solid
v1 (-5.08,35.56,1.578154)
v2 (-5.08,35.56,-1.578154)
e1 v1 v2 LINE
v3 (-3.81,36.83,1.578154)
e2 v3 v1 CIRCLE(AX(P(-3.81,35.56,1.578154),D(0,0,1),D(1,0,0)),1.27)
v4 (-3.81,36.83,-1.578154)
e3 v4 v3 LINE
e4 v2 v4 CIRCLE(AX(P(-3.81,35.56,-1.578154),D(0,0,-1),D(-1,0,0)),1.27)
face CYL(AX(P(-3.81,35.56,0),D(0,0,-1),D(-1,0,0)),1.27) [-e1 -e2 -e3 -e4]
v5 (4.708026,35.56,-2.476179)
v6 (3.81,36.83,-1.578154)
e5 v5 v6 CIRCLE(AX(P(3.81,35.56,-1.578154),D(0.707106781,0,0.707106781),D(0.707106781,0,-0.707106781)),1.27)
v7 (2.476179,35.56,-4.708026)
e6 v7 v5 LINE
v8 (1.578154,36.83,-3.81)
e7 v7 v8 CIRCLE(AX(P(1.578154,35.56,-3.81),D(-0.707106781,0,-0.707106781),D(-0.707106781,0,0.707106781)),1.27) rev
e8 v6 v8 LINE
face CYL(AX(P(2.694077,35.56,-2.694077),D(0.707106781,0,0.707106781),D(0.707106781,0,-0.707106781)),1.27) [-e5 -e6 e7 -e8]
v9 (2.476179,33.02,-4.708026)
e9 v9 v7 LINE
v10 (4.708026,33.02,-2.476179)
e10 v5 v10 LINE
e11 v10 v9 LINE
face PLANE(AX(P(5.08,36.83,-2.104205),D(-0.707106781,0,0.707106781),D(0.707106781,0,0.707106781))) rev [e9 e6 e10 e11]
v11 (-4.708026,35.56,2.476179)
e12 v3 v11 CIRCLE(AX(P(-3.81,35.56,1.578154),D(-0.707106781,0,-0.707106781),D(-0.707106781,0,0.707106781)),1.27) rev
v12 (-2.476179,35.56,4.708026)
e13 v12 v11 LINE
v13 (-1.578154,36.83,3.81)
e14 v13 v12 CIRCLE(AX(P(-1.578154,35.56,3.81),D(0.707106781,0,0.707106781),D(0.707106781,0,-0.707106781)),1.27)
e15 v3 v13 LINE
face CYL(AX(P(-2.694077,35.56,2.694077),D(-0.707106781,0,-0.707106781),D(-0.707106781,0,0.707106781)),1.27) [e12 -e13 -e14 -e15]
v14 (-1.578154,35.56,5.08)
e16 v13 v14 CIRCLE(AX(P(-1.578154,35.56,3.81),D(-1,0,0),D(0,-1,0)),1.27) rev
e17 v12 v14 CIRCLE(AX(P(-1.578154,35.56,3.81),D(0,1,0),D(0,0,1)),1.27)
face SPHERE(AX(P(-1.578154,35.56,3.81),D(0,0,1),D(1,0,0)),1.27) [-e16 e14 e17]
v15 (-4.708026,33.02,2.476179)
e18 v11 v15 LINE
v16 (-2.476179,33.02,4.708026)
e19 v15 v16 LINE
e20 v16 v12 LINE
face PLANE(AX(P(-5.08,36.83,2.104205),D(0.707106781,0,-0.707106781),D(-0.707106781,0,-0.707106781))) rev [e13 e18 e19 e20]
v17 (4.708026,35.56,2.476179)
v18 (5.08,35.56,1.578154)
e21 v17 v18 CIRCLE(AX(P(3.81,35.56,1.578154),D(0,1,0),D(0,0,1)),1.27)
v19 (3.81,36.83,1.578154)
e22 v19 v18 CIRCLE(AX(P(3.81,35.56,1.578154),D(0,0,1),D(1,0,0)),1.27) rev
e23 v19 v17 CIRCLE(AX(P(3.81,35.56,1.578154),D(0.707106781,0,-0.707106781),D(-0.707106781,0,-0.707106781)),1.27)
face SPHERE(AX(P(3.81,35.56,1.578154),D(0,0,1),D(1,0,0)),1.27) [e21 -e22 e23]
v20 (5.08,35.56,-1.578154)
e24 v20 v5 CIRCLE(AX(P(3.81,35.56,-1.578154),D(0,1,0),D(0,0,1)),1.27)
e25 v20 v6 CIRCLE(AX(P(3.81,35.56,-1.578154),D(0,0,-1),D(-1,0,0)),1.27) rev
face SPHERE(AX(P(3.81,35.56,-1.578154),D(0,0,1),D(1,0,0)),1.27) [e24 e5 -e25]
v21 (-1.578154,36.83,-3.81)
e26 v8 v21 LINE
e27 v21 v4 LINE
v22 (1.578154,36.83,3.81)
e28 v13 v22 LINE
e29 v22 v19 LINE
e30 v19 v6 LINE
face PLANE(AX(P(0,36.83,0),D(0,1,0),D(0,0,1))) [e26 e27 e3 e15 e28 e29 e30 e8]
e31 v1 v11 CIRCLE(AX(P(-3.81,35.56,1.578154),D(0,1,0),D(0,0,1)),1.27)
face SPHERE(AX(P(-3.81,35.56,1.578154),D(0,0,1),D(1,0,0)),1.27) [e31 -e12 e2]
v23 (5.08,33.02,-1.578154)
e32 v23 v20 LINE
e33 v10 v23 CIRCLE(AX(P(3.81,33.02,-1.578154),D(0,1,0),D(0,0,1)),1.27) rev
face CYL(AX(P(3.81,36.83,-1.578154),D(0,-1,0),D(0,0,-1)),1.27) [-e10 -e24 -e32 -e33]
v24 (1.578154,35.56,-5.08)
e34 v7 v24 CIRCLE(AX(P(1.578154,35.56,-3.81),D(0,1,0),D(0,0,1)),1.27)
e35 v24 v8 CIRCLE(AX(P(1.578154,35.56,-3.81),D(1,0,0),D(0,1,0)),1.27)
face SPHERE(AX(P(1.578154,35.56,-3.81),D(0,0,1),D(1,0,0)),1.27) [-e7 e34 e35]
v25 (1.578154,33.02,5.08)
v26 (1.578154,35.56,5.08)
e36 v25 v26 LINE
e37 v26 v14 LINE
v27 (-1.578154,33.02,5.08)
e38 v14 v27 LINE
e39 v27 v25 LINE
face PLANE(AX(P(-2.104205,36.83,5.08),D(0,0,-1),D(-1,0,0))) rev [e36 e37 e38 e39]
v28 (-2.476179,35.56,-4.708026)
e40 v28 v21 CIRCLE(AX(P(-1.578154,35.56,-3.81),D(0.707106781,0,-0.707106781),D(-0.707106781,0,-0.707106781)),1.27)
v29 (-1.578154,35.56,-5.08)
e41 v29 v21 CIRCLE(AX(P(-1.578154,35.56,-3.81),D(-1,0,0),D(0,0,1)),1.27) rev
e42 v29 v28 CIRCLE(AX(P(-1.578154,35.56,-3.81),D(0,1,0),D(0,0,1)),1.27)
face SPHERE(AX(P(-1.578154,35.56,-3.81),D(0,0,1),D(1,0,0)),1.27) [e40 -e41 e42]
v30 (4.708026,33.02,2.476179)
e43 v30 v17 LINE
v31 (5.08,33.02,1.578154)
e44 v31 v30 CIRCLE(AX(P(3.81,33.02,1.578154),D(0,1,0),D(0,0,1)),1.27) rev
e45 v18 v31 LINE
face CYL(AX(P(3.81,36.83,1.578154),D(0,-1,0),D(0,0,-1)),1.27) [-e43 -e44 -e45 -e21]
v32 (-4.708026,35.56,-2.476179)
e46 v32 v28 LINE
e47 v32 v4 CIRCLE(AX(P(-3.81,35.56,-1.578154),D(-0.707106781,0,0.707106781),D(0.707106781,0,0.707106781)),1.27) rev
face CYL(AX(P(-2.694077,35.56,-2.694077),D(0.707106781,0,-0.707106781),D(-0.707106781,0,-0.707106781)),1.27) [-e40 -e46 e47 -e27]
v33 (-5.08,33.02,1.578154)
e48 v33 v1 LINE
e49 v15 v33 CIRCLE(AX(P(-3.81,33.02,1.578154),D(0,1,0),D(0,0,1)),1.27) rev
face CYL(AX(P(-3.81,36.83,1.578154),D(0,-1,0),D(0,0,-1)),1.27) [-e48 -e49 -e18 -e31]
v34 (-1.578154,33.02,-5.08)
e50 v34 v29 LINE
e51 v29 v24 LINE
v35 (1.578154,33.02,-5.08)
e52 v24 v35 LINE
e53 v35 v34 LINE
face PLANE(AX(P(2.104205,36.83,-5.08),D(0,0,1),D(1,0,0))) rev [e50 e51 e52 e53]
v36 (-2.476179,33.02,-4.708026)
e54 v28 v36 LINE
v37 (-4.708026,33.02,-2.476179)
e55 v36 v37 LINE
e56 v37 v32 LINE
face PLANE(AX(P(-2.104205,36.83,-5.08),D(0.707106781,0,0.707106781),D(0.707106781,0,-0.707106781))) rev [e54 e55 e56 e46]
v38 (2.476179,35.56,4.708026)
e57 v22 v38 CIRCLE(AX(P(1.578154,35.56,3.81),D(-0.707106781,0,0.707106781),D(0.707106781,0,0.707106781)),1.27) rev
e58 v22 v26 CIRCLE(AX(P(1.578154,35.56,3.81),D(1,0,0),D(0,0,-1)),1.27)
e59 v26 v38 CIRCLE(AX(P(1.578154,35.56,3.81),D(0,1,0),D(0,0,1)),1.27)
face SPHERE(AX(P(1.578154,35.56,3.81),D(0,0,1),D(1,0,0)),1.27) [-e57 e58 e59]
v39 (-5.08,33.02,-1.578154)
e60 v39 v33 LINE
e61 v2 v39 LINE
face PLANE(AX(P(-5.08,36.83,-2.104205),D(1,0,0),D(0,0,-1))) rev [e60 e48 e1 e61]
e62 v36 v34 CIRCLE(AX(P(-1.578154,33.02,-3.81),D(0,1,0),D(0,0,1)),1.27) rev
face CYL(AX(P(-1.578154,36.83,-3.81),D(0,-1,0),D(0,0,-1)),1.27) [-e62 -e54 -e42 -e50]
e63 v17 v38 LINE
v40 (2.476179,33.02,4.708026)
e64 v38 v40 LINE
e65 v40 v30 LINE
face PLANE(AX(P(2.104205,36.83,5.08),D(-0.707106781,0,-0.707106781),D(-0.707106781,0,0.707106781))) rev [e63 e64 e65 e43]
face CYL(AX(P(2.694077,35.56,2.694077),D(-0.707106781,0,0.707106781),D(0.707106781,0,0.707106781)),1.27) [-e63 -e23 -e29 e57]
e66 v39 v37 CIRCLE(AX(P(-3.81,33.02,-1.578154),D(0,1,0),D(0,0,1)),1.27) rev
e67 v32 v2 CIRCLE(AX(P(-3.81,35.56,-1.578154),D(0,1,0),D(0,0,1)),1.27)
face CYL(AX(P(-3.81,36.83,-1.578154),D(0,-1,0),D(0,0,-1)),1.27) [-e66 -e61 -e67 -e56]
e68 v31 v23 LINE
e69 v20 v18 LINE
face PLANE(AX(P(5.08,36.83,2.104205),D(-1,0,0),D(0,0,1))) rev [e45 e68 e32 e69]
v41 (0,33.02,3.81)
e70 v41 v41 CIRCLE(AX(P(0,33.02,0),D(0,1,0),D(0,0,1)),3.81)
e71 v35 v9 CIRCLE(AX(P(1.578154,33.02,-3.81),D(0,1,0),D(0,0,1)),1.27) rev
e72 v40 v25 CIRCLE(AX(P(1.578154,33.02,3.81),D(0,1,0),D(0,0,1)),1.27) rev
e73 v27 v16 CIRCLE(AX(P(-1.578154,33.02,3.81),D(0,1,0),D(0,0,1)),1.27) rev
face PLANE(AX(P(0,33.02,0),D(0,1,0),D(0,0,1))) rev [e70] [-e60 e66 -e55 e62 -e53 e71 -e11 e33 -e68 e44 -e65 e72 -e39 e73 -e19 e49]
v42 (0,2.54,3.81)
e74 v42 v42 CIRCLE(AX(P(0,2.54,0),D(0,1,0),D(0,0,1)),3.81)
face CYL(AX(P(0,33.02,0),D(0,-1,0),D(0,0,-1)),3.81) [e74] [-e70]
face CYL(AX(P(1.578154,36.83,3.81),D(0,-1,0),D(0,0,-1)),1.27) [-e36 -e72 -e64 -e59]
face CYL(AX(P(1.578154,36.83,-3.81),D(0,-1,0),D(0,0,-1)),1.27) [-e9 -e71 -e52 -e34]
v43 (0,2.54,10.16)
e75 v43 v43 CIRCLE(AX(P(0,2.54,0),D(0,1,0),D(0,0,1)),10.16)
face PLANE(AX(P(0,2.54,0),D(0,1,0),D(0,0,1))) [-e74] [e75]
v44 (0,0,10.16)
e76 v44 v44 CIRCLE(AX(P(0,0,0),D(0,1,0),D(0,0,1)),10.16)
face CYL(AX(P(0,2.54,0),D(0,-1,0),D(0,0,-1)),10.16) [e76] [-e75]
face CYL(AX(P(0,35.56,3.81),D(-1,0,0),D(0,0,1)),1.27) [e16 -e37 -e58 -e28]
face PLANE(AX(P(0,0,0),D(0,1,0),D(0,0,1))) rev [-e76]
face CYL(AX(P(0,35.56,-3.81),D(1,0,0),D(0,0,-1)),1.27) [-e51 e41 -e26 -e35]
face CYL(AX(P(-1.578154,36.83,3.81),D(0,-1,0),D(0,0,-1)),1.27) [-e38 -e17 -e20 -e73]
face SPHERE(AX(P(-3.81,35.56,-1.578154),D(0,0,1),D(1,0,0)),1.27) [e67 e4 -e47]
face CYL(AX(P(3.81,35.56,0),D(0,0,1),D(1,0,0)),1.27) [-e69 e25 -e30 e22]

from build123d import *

# Parameters (mm, degrees)
SKETCH1_R           = 10.16
BOSS_EXTRUDE1_DEPTH = 2.54
SKETCH2_R           = 3.81
BOSS_EXTRUDE2_DEPTH = 30.48
BOSS_EXTRUDE3_DEPTH = 3.81
FILLET1_R           = 1.27


with BuildPart() as part:
    # Sketch1 → Boss-Extrude1 (new body)
    with BuildSketch(Plane(origin=(0, 0, 0), x_dir=(1, 0, 0), z_dir=(0, 1, 0))):
        Circle(SKETCH1_R)
    extrude(amount=BOSS_EXTRUDE1_DEPTH)

    # Sketch2 → Boss-Extrude2 (add)
    with BuildSketch(Plane(origin=(0, 2.54, 0), x_dir=(1, 0, 0), z_dir=(0, 1, 0))):
        Circle(SKETCH2_R)
    extrude(amount=BOSS_EXTRUDE2_DEPTH)

    # Sketch3 → Boss-Extrude3 (add)
    with BuildSketch(Plane(origin=(0, 33.02, 0), x_dir=(1, 0, 0), z_dir=(0, 1, 0))):
        Polygon((2.104204897, 5.08), (-2.104204897, 5.08), (-5.08, 2.104204897), (-5.08, -2.104204897), (-2.104204897, -5.08), (2.104204897, -5.08), (5.08, -2.104204897), (5.08, 2.104204897), align=None)
    extrude(amount=BOSS_EXTRUDE3_DEPTH)

    # Fillet1
    fillet1_edges = [part.edges().sort_by_distance(p)[0] for p in [
        (5.08, 34.925, -2.104204897),
        (2.104204897, 34.925, -5.08),
        (-2.104204897, 34.925, -5.08),
        (-5.08, 34.925, -2.104204897),
        (-5.08, 34.925, 2.104204897),
        (-2.104204897, 34.925, 5.08),
        (2.104204897, 34.925, 5.08),
        (5.08, 34.925, 2.104204897),
        (3.592102448, 36.83, -3.592102448),
        (0, 36.83, -5.08),
        (-3.592102448, 36.83, -3.592102448),
        (-5.08, 36.83, 0),
        (-3.592102448, 36.83, 3.592102448),
        (0, 36.83, 5.08),
        (3.592102448, 36.83, 3.592102448),
        (5.08, 36.83, 0),
    ]]
    fillet(fillet1_edges, radius=FILLET1_R)


solid = part.part
